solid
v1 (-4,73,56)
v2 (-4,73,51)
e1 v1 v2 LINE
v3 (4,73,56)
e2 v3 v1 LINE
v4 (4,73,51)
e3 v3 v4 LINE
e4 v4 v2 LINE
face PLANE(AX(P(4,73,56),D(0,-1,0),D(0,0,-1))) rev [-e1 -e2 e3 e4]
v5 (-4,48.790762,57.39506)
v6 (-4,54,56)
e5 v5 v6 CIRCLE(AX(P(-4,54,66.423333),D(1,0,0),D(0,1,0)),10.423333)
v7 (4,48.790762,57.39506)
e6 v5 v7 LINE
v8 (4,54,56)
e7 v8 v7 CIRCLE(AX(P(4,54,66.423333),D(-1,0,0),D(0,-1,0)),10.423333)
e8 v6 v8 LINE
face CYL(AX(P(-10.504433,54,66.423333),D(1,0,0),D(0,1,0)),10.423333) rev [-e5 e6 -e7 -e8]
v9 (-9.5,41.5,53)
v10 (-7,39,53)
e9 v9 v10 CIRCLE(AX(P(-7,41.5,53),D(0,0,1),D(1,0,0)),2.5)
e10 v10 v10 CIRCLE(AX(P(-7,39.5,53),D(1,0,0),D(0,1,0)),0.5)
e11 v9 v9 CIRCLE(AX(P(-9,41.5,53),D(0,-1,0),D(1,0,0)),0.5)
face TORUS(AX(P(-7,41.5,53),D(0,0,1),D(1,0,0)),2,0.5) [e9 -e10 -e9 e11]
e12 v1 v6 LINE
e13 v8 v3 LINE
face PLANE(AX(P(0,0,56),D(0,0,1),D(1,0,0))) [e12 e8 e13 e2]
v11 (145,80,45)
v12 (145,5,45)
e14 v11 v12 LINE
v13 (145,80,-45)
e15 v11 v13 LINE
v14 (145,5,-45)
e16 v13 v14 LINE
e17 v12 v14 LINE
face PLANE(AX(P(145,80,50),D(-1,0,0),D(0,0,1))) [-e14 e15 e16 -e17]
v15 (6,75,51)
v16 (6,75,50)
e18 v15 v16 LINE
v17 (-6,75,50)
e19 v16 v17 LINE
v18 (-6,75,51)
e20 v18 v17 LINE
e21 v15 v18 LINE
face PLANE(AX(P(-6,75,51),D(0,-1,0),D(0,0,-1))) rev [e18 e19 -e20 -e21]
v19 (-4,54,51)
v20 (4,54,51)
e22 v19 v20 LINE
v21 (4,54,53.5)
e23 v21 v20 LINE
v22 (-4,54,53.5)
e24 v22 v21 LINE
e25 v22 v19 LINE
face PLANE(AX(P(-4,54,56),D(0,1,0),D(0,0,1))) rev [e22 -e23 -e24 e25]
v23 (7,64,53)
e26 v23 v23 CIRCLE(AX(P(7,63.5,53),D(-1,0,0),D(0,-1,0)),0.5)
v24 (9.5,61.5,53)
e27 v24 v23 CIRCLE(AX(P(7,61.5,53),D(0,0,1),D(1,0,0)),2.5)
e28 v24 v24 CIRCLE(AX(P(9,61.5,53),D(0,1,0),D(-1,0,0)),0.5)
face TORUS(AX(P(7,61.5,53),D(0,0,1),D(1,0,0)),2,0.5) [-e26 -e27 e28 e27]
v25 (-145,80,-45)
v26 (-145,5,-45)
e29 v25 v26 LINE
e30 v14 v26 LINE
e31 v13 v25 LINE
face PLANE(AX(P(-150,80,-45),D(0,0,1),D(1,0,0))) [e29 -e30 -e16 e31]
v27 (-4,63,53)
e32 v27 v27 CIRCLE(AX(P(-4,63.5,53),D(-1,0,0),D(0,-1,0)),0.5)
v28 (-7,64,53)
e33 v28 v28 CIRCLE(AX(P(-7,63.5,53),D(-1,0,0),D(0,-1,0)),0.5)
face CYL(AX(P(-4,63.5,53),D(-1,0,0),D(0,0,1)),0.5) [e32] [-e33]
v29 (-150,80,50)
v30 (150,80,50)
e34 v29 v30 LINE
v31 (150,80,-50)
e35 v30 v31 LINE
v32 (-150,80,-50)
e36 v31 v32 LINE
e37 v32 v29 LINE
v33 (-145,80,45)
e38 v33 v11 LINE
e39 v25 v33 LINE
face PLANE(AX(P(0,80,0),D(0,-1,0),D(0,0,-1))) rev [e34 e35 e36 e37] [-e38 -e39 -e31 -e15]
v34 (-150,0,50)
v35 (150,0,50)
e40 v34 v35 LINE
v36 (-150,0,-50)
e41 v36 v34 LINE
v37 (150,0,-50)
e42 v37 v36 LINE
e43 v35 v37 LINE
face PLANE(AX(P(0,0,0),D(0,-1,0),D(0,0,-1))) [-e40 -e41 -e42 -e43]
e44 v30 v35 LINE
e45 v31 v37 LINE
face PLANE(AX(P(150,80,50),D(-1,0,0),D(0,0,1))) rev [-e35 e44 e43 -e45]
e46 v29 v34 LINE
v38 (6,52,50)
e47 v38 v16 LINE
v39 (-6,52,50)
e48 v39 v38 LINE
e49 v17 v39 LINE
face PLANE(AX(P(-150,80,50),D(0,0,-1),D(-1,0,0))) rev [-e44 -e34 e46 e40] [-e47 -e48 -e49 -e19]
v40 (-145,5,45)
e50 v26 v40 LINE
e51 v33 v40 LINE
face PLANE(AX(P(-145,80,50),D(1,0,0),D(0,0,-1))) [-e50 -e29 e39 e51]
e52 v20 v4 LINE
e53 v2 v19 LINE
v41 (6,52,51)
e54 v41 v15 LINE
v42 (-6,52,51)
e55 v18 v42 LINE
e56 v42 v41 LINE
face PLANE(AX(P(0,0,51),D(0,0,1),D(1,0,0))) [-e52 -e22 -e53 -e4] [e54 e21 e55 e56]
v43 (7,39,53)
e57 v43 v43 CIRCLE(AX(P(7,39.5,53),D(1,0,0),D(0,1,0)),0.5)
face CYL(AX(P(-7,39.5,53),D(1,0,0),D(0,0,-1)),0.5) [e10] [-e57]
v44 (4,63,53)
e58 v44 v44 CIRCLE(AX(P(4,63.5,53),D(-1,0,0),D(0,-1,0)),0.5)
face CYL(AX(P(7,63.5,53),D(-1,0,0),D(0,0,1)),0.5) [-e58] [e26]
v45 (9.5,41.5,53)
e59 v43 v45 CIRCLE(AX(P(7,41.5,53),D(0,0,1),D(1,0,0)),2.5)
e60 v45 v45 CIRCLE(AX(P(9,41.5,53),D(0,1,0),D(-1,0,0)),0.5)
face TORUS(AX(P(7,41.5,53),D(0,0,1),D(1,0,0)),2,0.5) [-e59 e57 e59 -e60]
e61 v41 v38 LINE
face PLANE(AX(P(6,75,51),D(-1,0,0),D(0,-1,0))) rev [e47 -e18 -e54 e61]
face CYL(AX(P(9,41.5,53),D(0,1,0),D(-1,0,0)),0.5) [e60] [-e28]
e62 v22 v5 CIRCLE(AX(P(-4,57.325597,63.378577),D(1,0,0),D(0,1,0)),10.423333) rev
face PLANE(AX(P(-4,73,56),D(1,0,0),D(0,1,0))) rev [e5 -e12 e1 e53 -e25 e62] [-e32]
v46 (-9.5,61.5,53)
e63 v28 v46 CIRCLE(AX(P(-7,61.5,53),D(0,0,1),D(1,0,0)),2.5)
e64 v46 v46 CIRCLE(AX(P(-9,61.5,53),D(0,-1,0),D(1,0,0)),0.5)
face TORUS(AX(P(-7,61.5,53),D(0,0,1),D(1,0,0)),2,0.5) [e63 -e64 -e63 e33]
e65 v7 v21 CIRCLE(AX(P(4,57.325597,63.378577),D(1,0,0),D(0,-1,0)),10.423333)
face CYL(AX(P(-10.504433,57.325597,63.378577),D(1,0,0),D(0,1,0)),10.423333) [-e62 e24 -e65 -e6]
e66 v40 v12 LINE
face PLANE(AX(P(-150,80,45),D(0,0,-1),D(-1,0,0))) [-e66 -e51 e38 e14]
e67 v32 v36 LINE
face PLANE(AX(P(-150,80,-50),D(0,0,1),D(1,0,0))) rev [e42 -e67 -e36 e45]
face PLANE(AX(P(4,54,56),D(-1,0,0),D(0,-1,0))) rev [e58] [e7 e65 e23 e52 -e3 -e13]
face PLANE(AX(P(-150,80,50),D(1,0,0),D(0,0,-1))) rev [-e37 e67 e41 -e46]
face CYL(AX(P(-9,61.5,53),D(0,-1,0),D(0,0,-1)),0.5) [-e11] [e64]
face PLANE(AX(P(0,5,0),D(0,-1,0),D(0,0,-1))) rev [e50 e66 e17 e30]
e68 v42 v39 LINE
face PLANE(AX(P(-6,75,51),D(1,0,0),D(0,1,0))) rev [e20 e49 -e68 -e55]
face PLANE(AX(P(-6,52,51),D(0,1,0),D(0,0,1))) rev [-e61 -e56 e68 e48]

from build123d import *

# Parameters (mm, degrees)
SKETCH1_W           = 300
SKETCH1_H           = 100
BOSS_EXTRUDE1_DEPTH = 80
SHELL1_T            = -5
SKETCH2_W           = 12
SKETCH2_H           = 23
BOSS_EXTRUDE2_DEPTH = 1
SKETCH3_W           = 8
SKETCH3_H           = 19
BOSS_EXTRUDE3_DEPTH = 5
BOSS_EXTRUDE4_DEPTH = 8
SKETCH6_R           = 0.5


with BuildPart() as part:
    # Sketch1 → Boss-Extrude1 (new body)
    with BuildSketch(Plane(origin=(0, 0, 0), x_dir=(1, 0, 0), z_dir=(0, 1, 0))):
        Rectangle(SKETCH1_W, SKETCH1_H)
    extrude(amount=BOSS_EXTRUDE1_DEPTH)

    # Shell1
    shell1_openings = [part.faces().sort_by_distance(p)[0] for p in [
        (0, 80, 0),
    ]]
    offset(amount=SHELL1_T, openings=shell1_openings, kind=Kind.INTERSECTION)

    # Sketch2 → Boss-Extrude2 (add)
    with BuildSketch(Plane.XY.offset(50)):
        with Locations((0, 63.5)):
            Rectangle(SKETCH2_W, SKETCH2_H)
    extrude(amount=BOSS_EXTRUDE2_DEPTH)

    # Sketch3 → Boss-Extrude3 (add)
    with BuildSketch(Plane.XY.offset(51)):
        with Locations((0, 63.5)):
            Rectangle(SKETCH3_W, SKETCH3_H)
    extrude(amount=BOSS_EXTRUDE3_DEPTH)

    # Sketch4 → Boss-Extrude4 (add)
    with BuildSketch(Plane(origin=(4, 0, 0), x_dir=(0, 0, -1), z_dir=(1, 0, 0))):
        with BuildLine():
            Line((-56, 54), (-53.5, 54))
            ThreePointArc((-53.5, 54), (-55.03079013, 51.083775539), (-57.395060139, 48.790762051))
            ThreePointArc((-57.395060139, 48.790762051), (-56.354803681, 51.303597174), (-56, 54))
        make_face()
    extrude(amount=-BOSS_EXTRUDE4_DEPTH)

    # Sweep1: sweep along a path in Sketch5
    with BuildLine(Plane.XY.offset(53)) as sweep1_path:
        Line((-4, 63.5), (-7, 63.5))
        ThreePointArc((-7, 63.5), (-8.414213562, 62.914213562), (-9, 61.5))
        Line((-9, 61.5), (-9, 41.5))
        ThreePointArc((-9, 41.5), (-8.414213562, 40.085786438), (-7, 39.5))
        Line((-7, 39.5), (7, 39.5))
        ThreePointArc((7, 39.5), (8.414213562, 40.085786438), (9, 41.5))
        Line((9, 41.5), (9, 61.5))
        ThreePointArc((9, 61.5), (8.414213562, 62.914213562), (7, 63.5))
        Line((7, 63.5), (4, 63.5))
    # Sketch6 → Sweep1 (sweep)
    with BuildSketch(Plane.ZY.offset(4)):
        with Locations((53, 63.5)):
            Circle(SKETCH6_R)
    sweep(path=sweep1_path.line)


solid = part.part
